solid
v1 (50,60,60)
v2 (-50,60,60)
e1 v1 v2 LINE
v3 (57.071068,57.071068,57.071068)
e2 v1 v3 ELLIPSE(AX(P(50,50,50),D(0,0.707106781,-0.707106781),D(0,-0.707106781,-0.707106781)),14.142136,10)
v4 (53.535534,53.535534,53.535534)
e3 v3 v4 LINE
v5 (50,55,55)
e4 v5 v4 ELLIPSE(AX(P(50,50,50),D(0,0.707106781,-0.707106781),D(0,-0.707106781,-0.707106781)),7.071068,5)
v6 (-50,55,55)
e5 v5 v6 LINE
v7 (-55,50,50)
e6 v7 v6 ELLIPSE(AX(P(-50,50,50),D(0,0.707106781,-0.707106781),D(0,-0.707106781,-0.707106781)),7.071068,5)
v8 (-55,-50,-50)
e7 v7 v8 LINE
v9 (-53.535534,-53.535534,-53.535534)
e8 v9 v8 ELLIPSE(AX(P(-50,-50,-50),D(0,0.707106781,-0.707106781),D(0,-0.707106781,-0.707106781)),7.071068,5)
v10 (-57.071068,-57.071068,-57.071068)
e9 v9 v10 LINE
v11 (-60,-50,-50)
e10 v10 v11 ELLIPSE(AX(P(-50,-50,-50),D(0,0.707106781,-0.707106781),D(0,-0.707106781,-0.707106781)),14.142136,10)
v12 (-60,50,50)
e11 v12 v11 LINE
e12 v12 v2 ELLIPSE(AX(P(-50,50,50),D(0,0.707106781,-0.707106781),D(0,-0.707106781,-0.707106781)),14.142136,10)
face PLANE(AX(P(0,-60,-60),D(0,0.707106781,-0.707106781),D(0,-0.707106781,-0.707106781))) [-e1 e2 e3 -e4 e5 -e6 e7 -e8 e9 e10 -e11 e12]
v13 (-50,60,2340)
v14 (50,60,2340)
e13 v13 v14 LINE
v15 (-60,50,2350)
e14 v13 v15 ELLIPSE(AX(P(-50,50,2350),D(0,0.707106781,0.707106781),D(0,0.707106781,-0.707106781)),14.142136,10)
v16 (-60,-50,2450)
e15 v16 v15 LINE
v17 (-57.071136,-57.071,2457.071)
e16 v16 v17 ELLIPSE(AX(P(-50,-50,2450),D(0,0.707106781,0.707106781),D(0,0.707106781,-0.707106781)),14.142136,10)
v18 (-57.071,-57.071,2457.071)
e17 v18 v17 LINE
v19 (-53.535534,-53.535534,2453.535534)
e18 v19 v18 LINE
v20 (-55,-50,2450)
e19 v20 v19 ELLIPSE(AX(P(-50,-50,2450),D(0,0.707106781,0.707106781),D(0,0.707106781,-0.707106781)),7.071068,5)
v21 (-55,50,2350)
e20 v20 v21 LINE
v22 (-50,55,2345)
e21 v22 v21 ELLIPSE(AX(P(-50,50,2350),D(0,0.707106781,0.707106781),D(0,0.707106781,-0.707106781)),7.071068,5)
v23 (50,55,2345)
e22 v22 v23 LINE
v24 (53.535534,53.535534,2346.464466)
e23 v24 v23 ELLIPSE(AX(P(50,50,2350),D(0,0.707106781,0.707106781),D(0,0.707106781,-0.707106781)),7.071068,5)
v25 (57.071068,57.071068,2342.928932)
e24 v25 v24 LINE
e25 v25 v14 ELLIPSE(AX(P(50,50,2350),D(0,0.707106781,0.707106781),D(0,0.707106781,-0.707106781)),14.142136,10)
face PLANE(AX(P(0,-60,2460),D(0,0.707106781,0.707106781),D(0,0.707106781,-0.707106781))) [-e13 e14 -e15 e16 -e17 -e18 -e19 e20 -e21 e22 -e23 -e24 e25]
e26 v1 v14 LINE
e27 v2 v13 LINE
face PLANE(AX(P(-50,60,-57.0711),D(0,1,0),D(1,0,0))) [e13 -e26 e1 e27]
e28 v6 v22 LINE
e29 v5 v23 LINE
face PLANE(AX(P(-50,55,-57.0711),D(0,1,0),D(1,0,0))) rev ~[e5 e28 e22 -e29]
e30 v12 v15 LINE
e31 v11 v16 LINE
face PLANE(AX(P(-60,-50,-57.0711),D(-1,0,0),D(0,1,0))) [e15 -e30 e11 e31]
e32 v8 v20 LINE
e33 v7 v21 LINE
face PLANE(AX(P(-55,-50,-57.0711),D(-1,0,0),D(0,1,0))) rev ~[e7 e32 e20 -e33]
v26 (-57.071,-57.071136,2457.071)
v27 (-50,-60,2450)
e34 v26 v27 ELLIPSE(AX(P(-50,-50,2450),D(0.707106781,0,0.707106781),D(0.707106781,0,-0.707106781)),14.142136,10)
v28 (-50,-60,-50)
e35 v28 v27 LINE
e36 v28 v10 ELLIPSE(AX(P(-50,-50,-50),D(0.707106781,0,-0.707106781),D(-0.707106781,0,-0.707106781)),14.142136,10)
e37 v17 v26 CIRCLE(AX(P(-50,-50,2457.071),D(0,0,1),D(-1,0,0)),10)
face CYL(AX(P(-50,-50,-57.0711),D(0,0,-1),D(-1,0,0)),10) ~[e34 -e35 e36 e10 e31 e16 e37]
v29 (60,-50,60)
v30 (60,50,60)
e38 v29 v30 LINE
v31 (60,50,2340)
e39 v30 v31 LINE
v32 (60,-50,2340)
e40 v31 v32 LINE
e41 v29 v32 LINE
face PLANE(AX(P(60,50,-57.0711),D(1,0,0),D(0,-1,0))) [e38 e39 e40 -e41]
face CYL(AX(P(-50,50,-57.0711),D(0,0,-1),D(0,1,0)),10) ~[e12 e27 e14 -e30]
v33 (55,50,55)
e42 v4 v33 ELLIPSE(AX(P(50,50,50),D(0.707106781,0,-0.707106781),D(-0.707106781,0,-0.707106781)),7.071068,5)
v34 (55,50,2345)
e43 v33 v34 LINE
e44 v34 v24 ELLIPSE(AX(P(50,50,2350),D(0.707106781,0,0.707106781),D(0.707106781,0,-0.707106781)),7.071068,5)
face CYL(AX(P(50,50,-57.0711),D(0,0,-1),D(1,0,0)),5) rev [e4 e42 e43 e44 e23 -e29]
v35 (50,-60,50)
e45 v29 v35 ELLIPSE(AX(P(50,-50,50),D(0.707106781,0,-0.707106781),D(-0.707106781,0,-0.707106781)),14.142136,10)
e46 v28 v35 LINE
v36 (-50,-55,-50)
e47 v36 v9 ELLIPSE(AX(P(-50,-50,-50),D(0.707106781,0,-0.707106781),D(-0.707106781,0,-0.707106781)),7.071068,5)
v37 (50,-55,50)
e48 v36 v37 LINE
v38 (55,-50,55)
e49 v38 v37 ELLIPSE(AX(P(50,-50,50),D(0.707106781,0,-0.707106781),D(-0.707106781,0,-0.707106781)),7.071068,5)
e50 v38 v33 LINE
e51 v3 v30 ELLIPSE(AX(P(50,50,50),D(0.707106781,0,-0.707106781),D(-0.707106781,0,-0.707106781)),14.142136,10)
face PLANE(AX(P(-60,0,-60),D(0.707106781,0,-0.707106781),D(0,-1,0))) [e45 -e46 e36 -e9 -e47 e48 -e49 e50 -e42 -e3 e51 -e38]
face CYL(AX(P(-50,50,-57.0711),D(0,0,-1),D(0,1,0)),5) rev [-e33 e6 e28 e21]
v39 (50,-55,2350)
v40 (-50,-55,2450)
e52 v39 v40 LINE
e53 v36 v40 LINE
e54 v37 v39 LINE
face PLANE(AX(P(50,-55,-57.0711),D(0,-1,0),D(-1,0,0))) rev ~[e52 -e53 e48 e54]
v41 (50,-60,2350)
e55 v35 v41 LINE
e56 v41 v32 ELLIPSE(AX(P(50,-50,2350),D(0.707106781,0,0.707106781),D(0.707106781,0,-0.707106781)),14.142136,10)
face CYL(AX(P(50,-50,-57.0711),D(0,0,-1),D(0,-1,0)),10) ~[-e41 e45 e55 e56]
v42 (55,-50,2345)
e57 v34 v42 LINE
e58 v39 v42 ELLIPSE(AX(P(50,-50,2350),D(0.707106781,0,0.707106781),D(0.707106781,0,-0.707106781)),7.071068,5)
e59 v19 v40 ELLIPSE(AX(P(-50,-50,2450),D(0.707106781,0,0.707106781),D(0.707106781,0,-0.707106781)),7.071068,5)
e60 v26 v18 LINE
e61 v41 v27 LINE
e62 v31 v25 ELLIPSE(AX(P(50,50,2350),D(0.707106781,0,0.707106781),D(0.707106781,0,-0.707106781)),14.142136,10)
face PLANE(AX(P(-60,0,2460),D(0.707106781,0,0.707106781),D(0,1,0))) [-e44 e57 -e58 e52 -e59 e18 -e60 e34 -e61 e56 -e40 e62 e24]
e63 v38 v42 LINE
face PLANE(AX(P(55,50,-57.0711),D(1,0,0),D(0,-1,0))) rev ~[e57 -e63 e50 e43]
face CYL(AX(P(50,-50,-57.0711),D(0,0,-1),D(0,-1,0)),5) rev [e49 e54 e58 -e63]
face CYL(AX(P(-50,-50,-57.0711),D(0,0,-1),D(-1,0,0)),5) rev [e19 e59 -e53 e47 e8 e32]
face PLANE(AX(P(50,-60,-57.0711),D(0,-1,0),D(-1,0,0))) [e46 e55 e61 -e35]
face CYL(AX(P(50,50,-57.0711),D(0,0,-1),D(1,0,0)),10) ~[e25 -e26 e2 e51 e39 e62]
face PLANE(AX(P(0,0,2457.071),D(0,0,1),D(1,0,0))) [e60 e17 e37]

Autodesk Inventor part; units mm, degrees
ref_plane "Start Plane" through (0, 0, -57.0711) normal (0, 0, 1) x (1, 0, 0)
ref_plane "End Plane" through (0, 0, 2457.0711) normal (0, 0, 1) x (1, 0, 0)
sketch "Sketch" plane through (0, 0, 0) normal (0, 0, 1) x (1, 0, 0)
  line L0 (-60, -50) -> (-60, 50)
  line L1 (-50, 60) -> (50, 60)
  line L2 (60, 50) -> (60, -50)
  line L3 (50, -60) -> (-50, -60)
  arc A0 (-60, -50) -> (-50, -60) centre (-50, -50) ccw
  arc A1 (60, 50) -> (50, 60) centre (50, 50) ccw
  arc A2 (-50, 60) -> (-60, 50) centre (-50, 50) ccw
  arc A3 (50, -60) -> (60, -50) centre (50, -50) ccw
  arc A4 (-50, 55) -> (-55, 50) centre (-50, 50) ccw
  line L4 (-50, 55) -> (50, 55)
  arc A5 (55, 50) -> (50, 55) centre (50, 50) ccw
  line L5 (55, 50) -> (55, -50)
  arc A6 (50, -55) -> (55, -50) centre (50, -50) ccw
  line L6 (50, -55) -> (-50, -55)
  arc A7 (-55, -50) -> (-50, -55) centre (-50, -50) ccw
  line L7 (-55, -50) -> (-55, 50)
  line L8 (0, 86.8995) -> (0, -86.8995) construction
  line L9 (-86.8995, 0) -> (86.8995, 0) construction
  dimension "d7" = 10
  dimension "d9" = 120
  dimension "d11" = 120
  dimension "d12" = 5
  dimension "d15" = 60
  dimension "d16" = 60
extrude "Body" add sketch "Sketch" along normal up to surface (2514.1421 mm away) from surface at -57.0711
sketch "Sketch3" plane through (0, 0, 0) normal (0, 0, 1) x (1, 0, 0)
  line L0 (0, 0) -> (10, 0)
ref_plane "Work Plane3" through (0, 0, 0) normal (0, -1, 0) x (1, 0, 0)
ref_plane "Work Plane4" through (-60, 0, 2460) normal (0.7071, 0, 0.7071) x (0.7071, 0, -0.7071)
split "Split1" plane through (-60, 0, 2460) removes the side toward (0.7071, 0, 0.7071)
ref_plane "Work Plane5" through (0, -60, 2460) normal (0, 0.7071, 0.7071) x (1, 0, 0)
split "Split2" plane through (0, -60, 2460) removes the side toward (0, 0.7071, 0.7071)
ref_plane "Work Plane6" through (0, -60, -60) normal (0, 0.7071, -0.7071) x (1, 0, 0)
split "Split3" plane through (0, -60, -60) removes the side toward (0, 0.7071, -0.7071)
ref_plane "Work Plane7" through (-60, 0, -60) normal (0.7071, 0, -0.7071) x (-0.7071, 0, -0.7071)
split "Split4" plane through (-60, 0, -60) removes the side toward (0.7071, 0, -0.7071)
sketch "Sketch4" plane through (0, 0, 0) normal (0, -1, 0) x (1, 0, 0)
  line L0 (-2, -57.0711) -> (12, -57.0711) projected
  line L1 (-2, 2457.0711) -> (12, 2457.0711) projected
  dimension "d18" = 2514.1421
equation "\"d7\" = G_IR"
equation "\"d9\" = G_W"
equation "\"d11\" = G_H"
equation "\"d12\" = G_T"
equation "\"d15\" = 0.5 * d9"
equation "\"d16\" = 0.5 * d11"
equation "\"d3\" = G_L"
equation "\"G_W\" = 120"
equation "\"G_H\" = 120"
equation "\"G_T\" = 5"
equation "\"G_IR\" = 10"
equation "\"G_L\" = d18"
equation "\"G_OFFSET_START\" = 57.07107"
equation "\"G_OFFSET_END\" = 57.07107"
equation "\"d13\" = -G_OFFSET_START"
equation "\"d14\" = G_OFFSET_END + B_L"
equation "\"B_L\" = 2400"
properties part number "ISO 10799-2 - 120x120x5 - 2514,14" material "Steel, Mild"
